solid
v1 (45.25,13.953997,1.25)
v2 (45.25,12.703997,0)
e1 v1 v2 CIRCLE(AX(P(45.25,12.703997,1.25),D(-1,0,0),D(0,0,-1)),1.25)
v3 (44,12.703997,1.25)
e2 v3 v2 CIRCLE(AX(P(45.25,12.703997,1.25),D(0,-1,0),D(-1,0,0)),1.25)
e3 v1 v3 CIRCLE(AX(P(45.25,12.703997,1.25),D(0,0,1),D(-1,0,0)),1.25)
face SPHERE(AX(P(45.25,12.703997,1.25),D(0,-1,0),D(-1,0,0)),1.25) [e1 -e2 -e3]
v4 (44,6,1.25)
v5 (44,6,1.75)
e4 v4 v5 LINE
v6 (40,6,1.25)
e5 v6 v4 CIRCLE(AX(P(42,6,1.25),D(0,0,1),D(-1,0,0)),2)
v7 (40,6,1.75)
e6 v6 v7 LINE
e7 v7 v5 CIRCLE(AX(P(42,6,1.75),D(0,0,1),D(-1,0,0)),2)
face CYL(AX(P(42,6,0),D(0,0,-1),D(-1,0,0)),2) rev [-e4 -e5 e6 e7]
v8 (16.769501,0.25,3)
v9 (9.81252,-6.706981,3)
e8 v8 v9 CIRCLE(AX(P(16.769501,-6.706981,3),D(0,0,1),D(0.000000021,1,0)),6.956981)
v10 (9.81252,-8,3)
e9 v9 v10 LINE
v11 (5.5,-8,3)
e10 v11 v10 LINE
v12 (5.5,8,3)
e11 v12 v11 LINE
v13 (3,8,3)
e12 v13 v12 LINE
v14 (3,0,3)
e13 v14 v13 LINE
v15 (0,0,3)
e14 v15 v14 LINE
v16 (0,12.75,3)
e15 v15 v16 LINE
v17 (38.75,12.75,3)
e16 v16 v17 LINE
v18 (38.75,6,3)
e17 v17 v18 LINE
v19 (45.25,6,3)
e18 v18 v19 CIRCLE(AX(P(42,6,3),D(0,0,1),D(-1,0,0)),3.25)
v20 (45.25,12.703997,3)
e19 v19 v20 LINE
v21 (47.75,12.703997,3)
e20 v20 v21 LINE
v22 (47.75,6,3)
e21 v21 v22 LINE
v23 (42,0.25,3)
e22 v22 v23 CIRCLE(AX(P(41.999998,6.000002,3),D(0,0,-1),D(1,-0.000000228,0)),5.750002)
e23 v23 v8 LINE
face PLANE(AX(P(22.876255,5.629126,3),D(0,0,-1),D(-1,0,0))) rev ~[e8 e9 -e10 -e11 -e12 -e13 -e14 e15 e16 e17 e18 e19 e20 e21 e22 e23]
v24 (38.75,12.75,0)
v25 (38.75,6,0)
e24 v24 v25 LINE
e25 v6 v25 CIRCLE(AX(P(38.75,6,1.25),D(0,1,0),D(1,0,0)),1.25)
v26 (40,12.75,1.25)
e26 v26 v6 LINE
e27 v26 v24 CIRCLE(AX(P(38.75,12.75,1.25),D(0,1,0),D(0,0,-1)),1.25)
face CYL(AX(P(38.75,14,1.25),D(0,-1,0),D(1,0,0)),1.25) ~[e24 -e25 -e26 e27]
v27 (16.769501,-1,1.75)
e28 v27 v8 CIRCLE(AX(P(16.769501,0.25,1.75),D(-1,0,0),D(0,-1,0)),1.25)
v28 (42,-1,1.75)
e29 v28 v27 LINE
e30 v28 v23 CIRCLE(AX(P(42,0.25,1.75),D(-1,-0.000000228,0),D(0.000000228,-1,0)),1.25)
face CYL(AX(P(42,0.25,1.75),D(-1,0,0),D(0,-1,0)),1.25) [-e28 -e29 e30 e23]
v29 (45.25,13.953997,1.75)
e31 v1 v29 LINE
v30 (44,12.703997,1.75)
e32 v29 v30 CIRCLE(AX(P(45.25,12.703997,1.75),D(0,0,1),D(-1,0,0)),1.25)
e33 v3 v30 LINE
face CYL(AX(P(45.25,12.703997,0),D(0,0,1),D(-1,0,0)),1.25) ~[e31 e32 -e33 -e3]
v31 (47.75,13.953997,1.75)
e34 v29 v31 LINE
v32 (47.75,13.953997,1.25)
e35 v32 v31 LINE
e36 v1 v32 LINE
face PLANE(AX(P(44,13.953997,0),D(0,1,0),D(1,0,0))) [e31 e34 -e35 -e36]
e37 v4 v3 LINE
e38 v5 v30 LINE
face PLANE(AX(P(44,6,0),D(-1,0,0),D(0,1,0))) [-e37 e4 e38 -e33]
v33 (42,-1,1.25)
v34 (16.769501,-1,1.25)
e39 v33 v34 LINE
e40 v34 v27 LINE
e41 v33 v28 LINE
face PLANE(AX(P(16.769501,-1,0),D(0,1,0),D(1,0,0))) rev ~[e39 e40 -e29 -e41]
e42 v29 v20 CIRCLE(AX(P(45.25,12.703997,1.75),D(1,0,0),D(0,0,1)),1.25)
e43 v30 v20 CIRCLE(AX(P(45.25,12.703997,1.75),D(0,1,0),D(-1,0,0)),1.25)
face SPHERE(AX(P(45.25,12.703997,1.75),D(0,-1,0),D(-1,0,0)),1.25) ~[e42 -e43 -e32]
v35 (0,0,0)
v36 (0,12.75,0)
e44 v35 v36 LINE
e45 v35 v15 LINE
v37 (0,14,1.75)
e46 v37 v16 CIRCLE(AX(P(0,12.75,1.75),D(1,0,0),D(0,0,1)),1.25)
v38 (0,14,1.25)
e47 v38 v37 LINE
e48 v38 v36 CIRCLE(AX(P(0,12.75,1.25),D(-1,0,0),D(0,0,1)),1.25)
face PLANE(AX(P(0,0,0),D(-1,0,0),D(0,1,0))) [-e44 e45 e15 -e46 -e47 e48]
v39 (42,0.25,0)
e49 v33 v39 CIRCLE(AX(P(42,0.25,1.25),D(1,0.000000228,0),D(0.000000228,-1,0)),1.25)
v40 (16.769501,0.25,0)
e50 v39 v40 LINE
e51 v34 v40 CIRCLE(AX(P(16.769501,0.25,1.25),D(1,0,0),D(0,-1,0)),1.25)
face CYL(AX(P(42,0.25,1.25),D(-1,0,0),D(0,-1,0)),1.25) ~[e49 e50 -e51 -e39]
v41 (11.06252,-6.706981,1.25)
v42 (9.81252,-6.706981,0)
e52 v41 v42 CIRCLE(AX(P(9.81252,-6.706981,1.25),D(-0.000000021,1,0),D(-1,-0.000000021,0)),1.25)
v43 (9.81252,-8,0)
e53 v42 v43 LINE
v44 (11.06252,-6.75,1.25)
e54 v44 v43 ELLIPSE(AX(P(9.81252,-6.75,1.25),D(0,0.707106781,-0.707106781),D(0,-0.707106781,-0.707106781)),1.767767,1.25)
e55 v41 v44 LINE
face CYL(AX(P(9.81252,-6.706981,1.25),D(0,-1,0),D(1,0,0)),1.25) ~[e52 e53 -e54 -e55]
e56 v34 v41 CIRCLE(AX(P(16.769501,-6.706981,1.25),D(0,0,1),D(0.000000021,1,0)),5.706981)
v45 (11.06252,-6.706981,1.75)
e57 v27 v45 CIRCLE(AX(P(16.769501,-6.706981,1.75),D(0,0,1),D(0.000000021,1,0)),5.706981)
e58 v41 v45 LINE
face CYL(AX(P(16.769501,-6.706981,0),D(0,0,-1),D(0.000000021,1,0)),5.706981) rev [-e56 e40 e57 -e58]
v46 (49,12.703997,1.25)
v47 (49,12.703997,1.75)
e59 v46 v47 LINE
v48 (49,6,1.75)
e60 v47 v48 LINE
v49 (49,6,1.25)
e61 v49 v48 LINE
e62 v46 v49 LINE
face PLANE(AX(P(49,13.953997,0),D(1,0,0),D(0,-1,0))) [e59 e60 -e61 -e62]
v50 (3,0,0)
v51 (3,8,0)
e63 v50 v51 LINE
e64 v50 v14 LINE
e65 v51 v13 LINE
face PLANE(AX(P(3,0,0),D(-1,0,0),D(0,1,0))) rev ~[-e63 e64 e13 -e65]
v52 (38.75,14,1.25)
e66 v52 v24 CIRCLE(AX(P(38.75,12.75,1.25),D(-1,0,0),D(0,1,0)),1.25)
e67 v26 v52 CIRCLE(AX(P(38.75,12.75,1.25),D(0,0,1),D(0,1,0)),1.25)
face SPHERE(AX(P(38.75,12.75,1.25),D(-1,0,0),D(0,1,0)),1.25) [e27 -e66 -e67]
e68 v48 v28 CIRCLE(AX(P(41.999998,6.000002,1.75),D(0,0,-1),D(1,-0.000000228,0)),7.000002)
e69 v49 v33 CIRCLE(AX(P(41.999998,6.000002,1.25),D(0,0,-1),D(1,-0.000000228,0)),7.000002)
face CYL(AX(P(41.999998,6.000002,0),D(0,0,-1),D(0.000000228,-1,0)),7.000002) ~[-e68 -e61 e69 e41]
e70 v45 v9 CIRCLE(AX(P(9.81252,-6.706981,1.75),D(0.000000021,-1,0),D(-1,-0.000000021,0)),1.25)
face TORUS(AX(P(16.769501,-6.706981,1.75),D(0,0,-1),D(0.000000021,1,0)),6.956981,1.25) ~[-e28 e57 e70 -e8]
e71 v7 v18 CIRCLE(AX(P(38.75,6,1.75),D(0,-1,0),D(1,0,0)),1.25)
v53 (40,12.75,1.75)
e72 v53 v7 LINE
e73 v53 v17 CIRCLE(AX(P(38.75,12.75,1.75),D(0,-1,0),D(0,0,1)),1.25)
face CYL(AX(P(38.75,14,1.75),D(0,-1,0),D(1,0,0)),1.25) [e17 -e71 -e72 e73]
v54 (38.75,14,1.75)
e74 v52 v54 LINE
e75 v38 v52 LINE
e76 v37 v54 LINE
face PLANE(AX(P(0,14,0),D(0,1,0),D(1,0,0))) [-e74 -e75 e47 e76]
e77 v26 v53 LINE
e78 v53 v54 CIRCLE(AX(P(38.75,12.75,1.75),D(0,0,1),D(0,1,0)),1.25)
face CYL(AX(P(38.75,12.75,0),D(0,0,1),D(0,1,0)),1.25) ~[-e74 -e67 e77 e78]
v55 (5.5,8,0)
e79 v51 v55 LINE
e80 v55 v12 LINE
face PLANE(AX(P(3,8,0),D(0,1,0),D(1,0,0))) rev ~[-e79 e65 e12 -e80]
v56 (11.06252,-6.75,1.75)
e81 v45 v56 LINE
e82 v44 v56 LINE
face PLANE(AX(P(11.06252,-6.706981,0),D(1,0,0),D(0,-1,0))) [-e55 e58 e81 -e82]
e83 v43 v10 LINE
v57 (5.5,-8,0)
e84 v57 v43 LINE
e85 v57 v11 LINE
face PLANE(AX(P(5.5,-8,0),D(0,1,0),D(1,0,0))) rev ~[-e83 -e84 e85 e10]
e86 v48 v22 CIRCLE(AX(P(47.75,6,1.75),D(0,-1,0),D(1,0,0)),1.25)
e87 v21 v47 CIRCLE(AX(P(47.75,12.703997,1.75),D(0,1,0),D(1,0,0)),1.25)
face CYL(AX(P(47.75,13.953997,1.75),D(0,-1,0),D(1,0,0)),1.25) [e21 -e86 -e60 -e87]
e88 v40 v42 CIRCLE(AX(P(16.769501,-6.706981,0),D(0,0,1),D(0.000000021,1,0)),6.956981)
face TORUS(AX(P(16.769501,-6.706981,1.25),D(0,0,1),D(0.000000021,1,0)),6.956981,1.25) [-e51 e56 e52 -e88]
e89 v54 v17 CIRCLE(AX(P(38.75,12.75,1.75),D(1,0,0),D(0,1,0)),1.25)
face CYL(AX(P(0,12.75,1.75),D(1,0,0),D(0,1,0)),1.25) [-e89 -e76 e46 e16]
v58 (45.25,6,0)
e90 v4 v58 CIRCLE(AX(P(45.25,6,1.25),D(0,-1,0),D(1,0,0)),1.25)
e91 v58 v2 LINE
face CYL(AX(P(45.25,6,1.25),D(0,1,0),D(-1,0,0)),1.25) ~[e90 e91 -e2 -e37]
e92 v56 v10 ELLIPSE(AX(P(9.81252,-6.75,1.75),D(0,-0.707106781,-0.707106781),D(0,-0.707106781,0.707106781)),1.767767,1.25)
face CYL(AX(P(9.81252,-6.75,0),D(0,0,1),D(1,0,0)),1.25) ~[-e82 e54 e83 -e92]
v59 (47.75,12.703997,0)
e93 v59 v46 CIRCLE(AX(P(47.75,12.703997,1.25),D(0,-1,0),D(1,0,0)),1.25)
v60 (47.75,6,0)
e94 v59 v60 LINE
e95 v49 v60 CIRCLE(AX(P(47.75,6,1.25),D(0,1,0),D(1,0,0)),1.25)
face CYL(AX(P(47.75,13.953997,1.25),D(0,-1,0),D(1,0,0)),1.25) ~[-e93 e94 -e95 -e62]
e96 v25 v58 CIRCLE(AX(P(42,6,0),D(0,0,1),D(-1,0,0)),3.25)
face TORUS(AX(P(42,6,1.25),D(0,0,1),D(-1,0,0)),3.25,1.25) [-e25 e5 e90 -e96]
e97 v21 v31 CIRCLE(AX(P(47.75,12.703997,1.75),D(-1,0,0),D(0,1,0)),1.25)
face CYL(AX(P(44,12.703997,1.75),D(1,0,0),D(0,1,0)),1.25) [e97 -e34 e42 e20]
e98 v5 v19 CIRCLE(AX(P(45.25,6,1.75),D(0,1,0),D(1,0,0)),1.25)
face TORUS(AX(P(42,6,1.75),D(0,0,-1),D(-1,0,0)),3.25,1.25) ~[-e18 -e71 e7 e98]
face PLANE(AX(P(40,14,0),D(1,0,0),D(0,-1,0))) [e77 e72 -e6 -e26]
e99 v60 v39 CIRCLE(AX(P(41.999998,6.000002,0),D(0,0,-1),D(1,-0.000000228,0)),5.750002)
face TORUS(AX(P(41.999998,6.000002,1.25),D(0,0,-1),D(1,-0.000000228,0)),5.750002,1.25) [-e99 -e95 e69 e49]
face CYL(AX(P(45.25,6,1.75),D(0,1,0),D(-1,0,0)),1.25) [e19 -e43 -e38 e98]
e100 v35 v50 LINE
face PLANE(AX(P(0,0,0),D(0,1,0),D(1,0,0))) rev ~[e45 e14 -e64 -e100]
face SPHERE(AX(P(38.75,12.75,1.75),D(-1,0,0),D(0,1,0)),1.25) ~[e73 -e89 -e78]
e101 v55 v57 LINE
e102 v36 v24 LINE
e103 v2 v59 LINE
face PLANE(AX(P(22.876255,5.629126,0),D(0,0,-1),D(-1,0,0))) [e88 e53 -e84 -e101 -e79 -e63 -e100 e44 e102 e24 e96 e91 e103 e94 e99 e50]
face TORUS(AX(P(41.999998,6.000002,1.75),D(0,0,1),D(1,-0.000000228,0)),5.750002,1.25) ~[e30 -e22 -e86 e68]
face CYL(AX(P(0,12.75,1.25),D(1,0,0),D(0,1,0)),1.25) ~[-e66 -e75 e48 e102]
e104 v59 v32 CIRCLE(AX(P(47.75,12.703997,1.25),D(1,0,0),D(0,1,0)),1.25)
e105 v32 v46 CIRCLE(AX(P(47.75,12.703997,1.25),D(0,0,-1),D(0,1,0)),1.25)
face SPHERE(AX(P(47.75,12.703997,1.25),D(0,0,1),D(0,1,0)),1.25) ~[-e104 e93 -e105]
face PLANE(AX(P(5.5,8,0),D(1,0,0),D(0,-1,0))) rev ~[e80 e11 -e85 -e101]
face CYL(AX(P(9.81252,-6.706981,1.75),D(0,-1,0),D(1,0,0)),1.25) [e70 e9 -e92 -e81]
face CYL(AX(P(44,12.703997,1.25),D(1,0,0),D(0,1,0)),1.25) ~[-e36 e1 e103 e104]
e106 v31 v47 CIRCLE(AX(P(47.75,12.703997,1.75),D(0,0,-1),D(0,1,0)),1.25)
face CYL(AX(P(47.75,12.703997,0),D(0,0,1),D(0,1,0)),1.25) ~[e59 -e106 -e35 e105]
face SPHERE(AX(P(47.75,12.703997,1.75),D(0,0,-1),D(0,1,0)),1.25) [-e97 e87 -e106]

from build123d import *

# Parameters (mm, degrees)
PAD_DEPTH = 3
FILLET_R  = 1.25


with BuildPart() as part:
    # Sketch → Pad (new body)
    with BuildSketch(Plane.XY):
        with BuildLine():
            Line((0, 0), (0, 14))
            Line((0, 14), (40, 14))
            Line((40, 14), (40, 6))
            ThreePointArc((40, 6), (42, 4), (44, 6))
            Line((44, 6), (44, 13.953997))
            Line((44, 13.953997), (49, 13.953997))
            Line((49, 13.953997), (49, 6))
            ThreePointArc((42, -1), (46.949747, 1.050253), (49, 6))
            Line((16.769501, -1), (42, -1))
            ThreePointArc((16.769501, -1), (12.734056, -2.671536), (11.06252, -6.706981))
            Line((11.06252, -6.706981), (11.06252, -8))
            Line((5.5, -8), (11.06252, -8))
            Line((5.5, 8), (5.5, -8))
            Line((3, 8), (5.5, 8))
            Line((3, 0), (3, 8))
            Line((0, 0), (3, 0))
        make_face()
    extrude(amount=PAD_DEPTH)

    # Fillet
    fillet_edges = [part.edges().sort_by_distance(p)[0] for p in [
        (20, 14, 3),
        (20, 14, 0),
        (40, 14, 1.5),
        (40, 10, 0),
        (40, 10, 3),
        (42, 4, 0),
        (42, 4, 3),
        (44, 13.953997, 1.5),
        (44, 9.976998, 0),
        (44, 9.976998, 3),
        (49, 13.953997, 1.5),
        (46.5, 13.953997, 0),
        (46.5, 13.953997, 3),
        (49, 9.976998, 0),
        (49, 9.976998, 3),
        (46.949747, 1.050253, 0),
        (46.949747, 1.050253, 3),
        (29.38475, -1, 0),
        (29.38475, -1, 3),
        (12.734056, -2.671536, 0),
        (12.734056, -2.671536, 3),
        (11.06252, -8, 1.5),
        (11.06252, -7.353491, 0),
        (11.06252, -7.353491, 3),
    ]]
    fillet(fillet_edges, radius=FILLET_R)


solid = part.part
